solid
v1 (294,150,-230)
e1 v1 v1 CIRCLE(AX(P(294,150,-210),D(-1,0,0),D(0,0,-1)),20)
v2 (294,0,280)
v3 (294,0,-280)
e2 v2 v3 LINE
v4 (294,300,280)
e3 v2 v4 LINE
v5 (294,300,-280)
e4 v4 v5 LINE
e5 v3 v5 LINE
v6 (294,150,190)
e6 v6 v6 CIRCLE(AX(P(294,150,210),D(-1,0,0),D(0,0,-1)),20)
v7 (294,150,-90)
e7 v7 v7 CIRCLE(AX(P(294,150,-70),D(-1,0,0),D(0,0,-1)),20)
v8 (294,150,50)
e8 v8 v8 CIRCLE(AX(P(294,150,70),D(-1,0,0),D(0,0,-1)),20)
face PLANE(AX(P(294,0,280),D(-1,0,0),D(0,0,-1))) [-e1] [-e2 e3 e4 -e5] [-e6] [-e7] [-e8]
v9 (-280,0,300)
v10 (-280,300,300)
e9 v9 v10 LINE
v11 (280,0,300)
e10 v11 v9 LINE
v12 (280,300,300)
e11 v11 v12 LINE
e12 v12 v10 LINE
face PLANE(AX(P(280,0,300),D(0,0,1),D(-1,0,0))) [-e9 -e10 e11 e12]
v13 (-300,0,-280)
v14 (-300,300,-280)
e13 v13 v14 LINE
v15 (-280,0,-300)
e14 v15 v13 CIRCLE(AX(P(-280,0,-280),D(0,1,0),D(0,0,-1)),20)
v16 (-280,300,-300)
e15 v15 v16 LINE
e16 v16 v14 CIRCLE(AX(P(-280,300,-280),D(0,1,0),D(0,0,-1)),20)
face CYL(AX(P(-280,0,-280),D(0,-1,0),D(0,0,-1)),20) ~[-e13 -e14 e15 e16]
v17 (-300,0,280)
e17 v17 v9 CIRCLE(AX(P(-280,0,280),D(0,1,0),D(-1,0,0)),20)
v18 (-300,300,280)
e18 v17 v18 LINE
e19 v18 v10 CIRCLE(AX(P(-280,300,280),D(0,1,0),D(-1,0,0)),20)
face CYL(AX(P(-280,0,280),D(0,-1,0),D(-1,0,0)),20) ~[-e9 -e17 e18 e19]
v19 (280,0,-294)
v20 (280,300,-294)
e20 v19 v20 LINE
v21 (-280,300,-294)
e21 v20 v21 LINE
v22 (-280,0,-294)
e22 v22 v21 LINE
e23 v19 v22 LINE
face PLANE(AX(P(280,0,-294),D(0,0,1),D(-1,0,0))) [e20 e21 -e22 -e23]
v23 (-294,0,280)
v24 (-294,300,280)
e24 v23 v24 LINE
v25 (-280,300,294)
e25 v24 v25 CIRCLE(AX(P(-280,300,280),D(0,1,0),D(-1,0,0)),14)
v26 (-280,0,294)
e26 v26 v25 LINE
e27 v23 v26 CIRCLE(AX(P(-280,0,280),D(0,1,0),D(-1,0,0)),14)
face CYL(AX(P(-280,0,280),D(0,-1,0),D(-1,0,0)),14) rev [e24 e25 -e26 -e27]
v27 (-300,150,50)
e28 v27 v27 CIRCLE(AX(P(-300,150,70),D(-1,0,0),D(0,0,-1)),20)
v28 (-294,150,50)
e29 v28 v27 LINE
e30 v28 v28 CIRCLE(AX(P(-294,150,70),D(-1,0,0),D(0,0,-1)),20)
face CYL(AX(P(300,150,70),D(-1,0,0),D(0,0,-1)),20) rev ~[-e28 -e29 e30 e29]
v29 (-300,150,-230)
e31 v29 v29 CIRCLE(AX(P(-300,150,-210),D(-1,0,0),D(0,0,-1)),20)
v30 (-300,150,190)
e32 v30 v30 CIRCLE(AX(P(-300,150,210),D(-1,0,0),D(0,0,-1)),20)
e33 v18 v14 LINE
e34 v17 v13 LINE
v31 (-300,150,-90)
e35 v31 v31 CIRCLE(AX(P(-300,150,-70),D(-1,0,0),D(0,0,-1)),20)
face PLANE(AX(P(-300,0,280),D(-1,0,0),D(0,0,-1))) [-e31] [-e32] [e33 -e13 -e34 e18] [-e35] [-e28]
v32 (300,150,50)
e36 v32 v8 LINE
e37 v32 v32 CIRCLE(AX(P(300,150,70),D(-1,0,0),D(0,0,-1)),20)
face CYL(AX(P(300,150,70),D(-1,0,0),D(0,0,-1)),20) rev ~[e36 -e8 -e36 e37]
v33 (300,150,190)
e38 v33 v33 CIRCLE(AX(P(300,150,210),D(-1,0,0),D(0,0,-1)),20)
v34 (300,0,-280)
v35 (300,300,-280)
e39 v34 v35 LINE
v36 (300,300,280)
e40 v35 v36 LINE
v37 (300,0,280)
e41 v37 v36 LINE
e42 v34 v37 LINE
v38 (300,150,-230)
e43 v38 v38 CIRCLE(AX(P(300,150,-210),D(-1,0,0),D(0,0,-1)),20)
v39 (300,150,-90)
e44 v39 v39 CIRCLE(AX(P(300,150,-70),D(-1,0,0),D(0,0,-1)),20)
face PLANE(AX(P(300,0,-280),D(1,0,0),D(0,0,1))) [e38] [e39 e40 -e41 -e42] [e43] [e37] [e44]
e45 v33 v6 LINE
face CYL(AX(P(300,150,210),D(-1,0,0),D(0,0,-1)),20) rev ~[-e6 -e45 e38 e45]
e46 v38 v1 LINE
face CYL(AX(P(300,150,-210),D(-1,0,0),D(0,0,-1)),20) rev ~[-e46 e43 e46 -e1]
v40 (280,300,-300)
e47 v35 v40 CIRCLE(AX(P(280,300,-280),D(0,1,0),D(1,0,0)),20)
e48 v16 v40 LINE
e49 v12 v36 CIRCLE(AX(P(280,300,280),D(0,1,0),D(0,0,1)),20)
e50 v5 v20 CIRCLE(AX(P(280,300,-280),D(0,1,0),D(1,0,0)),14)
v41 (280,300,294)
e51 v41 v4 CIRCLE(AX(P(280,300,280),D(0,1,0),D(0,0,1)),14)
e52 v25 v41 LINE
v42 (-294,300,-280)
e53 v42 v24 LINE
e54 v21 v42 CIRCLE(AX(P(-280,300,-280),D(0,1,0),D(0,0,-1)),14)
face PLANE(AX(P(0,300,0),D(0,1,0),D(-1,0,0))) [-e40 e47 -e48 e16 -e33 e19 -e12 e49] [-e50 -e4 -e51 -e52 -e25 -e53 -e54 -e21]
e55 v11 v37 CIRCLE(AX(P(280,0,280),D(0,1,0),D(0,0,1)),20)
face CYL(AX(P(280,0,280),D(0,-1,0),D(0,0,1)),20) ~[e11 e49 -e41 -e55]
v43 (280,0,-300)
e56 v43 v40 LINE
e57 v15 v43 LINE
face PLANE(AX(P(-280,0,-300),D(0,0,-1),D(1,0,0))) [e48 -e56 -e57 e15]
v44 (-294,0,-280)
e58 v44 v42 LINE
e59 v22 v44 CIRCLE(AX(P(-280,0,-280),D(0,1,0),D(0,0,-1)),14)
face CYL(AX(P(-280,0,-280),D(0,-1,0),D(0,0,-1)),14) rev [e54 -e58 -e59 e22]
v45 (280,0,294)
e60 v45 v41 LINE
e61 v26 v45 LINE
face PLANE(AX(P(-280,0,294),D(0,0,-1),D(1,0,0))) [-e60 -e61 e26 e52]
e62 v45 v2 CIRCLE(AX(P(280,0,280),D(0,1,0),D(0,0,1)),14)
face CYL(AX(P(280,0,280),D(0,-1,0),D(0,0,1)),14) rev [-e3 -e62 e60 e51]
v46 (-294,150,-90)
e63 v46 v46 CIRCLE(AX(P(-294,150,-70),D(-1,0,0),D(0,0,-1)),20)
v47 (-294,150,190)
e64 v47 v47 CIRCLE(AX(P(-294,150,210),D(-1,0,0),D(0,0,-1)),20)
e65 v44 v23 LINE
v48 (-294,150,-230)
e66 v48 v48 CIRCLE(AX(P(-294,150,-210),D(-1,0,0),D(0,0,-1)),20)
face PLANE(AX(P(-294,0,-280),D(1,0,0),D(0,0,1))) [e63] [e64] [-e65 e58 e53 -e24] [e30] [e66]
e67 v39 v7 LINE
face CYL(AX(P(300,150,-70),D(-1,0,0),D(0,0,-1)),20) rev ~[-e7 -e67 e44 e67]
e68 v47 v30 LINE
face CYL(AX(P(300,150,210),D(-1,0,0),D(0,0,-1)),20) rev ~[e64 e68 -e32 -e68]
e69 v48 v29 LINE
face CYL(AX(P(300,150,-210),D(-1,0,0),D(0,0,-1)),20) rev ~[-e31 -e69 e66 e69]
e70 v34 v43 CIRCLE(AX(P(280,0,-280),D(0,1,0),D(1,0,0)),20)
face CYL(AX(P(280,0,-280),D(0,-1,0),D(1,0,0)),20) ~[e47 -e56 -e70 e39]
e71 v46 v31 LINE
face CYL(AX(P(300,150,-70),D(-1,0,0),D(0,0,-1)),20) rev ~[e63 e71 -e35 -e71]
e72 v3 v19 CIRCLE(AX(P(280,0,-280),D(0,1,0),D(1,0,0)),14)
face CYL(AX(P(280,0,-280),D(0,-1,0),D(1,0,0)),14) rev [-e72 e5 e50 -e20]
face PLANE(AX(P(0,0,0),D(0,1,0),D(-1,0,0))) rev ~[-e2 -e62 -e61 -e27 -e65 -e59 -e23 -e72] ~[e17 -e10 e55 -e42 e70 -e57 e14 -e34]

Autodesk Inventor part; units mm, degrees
ref_plane "YZ Plane" through (0, 0, 0) normal (1, 0, 0) x (0, 1, 0)
ref_plane "XZ Plane" through (0, 0, 0) normal (0, 1, 0) x (-1, 0, 0)
ref_plane "XY Plane" through (0, 0, 0) normal (0, 0, 1) x (1, 0, 0)
sketch "Sketch1" plane through (0, 0, 0) normal (0, 1, 0) x (-1, 0, 0)
  line L0 (-280, 300) -> (280, 300)
  line L1 (300, 280) -> (300, -280)
  line L2 (280, -300) -> (-280, -300)
  line L3 (-300, -280) -> (-300, 280)
  line L4 (-300, 300) -> (300, -300) construction
  line L5 (300, 300) -> (-300, -300) construction
  arc A0 (300, 280) -> (280, 300) centre (280, 280) ccw
  arc A1 (280, -300) -> (300, -280) centre (280, -280) ccw
  arc A2 (-300, -280) -> (-280, -300) centre (-280, -280) ccw
  arc A3 (-280, 300) -> (-300, 280) centre (-280, 280) ccw
  line L6 (280, 294) -> (-280, 294)
  arc A4 (-280, 294) -> (-294, 280) centre (-280, 280) ccw
  line L7 (-294, 280) -> (-294, -280)
  arc A5 (-294, -280) -> (-280, -294) centre (-280, -280) ccw
  line L8 (-280, -294) -> (280, -294)
  arc A6 (280, -294) -> (294, -280) centre (280, -280) ccw
  line L9 (294, -280) -> (294, 280)
  arc A7 (294, 280) -> (280, 294) centre (280, 280) ccw
  point P0 (0, 0)
  dimension "d0" = 600
  dimension "d1" = 600
  dimension "d2" = 20
  dimension "d3" = 6
extrude "Extrusion1" add sketch "Sketch1" along normal blind 300
sketch "Sketch2" plane through (300, 0, 280) normal (1, 0, 0) x (0, 0, -1)
  line L0 (0, 0) -> (0, 300) projected
  line L1 (0, 150) -> (560, 150) construction
  line L2 (560, 0) -> (560, 300) projected
  point P0 (280, 0)
  point P1 (70, 150)
  point P2 (210, 150)
  point P3 (350, 150)
  point P4 (490, 150)
  dimension "d6" = 70
  dimension "d7" = 140
  dimension "d8" = 140
  dimension "d9" = 140
hole "Hole1" at (300, 150, 210) at (300, 150, 70) at (300, 150, -70) at (300, 150, -210) direction (-1, 0, 0) diameter 40 end through all
properties part number "Stackbox"
